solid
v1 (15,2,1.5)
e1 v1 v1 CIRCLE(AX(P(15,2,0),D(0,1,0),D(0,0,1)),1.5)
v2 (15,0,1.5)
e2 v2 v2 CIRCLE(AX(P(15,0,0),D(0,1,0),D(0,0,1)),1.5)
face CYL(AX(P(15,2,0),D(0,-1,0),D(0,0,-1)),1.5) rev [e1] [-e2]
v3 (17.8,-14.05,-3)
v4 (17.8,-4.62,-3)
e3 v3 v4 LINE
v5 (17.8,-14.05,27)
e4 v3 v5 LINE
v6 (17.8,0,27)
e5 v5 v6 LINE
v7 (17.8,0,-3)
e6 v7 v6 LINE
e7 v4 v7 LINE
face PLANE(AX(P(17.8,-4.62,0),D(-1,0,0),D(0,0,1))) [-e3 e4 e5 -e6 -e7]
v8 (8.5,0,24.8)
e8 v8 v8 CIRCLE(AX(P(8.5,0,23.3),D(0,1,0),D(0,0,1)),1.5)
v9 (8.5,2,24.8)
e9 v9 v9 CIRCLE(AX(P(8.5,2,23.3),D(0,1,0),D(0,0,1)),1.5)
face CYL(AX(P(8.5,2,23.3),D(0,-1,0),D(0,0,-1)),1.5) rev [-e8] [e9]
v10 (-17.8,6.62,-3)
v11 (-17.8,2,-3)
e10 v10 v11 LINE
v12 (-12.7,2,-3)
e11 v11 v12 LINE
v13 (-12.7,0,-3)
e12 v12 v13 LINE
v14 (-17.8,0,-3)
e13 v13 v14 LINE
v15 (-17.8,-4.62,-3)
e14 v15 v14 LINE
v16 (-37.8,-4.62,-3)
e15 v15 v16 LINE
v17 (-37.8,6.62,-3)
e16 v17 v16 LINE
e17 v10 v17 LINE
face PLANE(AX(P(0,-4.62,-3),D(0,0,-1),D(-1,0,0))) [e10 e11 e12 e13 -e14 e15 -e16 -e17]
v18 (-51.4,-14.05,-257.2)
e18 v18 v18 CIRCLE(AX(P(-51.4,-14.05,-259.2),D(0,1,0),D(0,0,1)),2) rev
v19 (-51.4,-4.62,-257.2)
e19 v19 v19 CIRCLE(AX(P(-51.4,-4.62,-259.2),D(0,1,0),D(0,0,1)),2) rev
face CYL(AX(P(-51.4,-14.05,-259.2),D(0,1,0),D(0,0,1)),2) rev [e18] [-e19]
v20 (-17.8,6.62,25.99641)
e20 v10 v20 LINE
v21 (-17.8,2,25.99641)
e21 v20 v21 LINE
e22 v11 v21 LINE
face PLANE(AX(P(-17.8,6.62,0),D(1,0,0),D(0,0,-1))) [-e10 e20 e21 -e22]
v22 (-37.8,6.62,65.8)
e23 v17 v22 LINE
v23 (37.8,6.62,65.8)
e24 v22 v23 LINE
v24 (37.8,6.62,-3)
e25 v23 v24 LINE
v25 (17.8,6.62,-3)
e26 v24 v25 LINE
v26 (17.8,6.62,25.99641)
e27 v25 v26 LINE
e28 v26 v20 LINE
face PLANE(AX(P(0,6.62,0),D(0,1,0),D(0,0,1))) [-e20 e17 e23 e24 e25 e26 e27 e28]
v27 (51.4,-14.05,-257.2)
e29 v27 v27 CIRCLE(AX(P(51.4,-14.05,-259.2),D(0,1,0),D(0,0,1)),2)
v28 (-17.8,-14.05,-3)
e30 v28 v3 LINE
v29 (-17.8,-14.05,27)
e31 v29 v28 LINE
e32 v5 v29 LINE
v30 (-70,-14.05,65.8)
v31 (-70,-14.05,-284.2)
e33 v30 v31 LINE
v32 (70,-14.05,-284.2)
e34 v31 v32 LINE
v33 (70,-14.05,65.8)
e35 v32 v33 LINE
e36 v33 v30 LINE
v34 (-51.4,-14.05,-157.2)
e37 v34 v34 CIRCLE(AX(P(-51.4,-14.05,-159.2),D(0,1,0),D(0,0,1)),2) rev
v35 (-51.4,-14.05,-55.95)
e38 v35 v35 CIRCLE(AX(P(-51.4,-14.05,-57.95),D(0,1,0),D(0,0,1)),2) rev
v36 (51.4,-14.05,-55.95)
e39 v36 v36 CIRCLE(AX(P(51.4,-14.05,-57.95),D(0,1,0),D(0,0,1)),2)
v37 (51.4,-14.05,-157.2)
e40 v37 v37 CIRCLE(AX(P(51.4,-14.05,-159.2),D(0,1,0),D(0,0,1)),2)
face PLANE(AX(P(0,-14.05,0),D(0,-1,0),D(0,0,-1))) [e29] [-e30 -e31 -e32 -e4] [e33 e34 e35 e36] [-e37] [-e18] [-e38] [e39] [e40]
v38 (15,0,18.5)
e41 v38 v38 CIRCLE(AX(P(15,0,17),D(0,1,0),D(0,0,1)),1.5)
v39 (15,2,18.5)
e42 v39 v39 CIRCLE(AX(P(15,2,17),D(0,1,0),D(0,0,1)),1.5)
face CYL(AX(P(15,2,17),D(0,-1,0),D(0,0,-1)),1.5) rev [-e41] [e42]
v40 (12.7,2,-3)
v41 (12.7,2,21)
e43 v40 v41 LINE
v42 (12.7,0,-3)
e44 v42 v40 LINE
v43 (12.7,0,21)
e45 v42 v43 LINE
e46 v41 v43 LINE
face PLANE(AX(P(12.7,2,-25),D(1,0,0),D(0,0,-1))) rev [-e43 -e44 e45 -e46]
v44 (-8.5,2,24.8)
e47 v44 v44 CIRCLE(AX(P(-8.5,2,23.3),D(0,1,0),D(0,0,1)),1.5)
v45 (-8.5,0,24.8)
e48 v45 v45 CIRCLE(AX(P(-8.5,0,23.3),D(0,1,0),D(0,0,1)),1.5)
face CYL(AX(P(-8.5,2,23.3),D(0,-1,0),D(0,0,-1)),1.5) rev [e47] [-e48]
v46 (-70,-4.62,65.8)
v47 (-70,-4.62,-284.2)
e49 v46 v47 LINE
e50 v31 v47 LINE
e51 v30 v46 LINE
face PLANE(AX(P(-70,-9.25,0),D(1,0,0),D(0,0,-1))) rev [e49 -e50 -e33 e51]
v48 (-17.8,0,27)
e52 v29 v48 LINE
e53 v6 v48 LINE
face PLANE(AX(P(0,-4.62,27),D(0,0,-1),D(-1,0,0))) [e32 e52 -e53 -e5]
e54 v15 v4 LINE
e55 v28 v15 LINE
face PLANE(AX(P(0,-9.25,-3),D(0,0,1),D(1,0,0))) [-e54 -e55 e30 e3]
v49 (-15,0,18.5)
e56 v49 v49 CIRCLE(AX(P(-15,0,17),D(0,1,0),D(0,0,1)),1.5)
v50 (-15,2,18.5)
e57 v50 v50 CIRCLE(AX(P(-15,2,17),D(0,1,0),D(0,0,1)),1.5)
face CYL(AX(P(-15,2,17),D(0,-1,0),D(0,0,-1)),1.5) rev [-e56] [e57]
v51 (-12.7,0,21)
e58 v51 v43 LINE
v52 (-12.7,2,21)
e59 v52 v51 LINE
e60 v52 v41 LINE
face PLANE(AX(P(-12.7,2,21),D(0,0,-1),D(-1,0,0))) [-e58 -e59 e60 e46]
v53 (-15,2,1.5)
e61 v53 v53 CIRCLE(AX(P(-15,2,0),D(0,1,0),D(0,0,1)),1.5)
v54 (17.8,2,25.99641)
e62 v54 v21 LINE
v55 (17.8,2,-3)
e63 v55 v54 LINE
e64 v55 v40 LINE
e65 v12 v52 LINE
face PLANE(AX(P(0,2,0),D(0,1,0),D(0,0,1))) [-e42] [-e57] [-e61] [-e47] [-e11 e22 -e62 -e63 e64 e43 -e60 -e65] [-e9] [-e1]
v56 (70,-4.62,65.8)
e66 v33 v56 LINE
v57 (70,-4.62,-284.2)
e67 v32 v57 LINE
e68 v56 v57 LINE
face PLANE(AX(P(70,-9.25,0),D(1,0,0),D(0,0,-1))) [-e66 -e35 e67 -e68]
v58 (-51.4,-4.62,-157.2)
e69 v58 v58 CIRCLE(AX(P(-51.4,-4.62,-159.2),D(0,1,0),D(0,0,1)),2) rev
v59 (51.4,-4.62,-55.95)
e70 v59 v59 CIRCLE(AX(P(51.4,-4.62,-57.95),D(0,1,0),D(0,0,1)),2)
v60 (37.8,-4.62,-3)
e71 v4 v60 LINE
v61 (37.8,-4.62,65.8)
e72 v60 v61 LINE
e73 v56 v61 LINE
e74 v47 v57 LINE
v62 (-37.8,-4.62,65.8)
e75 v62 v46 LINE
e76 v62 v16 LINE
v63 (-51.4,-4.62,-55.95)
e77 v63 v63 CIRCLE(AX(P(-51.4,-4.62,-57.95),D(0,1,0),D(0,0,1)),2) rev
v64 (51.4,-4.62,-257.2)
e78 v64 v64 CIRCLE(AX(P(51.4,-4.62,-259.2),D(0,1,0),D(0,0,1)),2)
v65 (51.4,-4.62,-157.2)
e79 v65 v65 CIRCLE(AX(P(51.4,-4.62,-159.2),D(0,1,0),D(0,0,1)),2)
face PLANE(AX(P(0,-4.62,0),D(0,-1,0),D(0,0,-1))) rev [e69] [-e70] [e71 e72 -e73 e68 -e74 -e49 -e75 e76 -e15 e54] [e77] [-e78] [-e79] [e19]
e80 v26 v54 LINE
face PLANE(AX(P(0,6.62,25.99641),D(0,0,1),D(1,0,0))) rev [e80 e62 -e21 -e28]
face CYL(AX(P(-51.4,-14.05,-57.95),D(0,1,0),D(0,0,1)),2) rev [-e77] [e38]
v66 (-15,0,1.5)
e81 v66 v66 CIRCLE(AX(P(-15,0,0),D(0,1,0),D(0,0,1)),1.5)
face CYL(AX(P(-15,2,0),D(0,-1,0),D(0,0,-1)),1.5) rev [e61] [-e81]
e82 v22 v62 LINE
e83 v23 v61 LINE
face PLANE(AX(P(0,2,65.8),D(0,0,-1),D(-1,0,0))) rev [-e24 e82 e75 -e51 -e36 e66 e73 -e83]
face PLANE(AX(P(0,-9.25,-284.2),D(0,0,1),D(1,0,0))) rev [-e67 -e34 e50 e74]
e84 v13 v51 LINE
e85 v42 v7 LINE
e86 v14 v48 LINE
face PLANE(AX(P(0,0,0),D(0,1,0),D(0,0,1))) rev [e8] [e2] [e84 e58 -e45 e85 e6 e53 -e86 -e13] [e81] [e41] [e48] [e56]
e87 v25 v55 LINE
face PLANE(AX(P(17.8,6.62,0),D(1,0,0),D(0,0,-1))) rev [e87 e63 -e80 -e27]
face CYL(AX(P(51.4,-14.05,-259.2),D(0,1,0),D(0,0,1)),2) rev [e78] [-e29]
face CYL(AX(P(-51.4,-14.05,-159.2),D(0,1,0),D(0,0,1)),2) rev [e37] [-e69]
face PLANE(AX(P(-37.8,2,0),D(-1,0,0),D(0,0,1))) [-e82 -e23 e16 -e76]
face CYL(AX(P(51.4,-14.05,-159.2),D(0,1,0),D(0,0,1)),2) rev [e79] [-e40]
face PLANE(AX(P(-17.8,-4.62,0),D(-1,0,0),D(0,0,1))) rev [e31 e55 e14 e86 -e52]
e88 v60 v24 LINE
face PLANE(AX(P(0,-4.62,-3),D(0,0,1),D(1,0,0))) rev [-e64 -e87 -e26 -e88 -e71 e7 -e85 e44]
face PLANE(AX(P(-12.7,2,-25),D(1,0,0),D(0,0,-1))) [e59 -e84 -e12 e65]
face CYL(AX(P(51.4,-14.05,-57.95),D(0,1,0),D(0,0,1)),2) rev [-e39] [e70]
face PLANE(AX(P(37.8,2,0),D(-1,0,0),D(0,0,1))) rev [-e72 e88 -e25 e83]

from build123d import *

# Parameters (mm, degrees)
SKETCH2_R            = 1.5
SKETCH2_W            = 25.4
SKETCH2_H            = 46
BOSS_EXTRUDE1_DEPTH  = 2
BOSS_EXTRUDE3_DEPTH  = 4.62
SKETCH5_5_R          = 1.5
CUT_EXTRUDE3_DEPTH   = 10
BOSS_EXTRUDE4_DEPTH  = 4.62
SKETCH8_W            = 140
SKETCH8_H            = 350
SKETCH8_W_2          = 35.6
SKETCH8_H_2          = 30
BOSS_EXTRUDE10_DEPTH = 4.63
SKETCH9_W            = 140
SKETCH9_H            = 350
SKETCH9_W_2          = 35.6
SKETCH9_H_2          = 30
BOSS_EXTRUDE11_DEPTH = 4.8
SKETCH10_R           = 2
CUT_EXTRUDE4_DEPTH   = 10.43


with BuildPart() as part:
    # Sketch2 → Boss-Extrude1 (new body)
    with BuildSketch(Plane(origin=(0, 0, 0), x_dir=(1, 0, 0), z_dir=(0, 1, 0))):
        Polygon((37.8, -65.8), (37.8, 64.2), (9.15, 64.2), (-37.8, 64.2), (-37.8, -65.8), align=None)
        with Locations((-8.5, -23.3)):
            Circle(SKETCH2_R, mode=Mode.SUBTRACT)
        with Locations((-15, -17)):
            Circle(SKETCH2_R, mode=Mode.SUBTRACT)
        with Locations((-15, 0)):
            Circle(SKETCH2_R, mode=Mode.SUBTRACT)
        with Locations((8.5, -23.3)):
            Circle(SKETCH2_R, mode=Mode.SUBTRACT)
        with Locations((15, -17)):
            Circle(SKETCH2_R, mode=Mode.SUBTRACT)
        with Locations((15, 0)):
            Circle(SKETCH2_R, mode=Mode.SUBTRACT)
        with Locations((-15, 17)):
            Circle(SKETCH2_R, mode=Mode.SUBTRACT)
        with Locations((0, 2)):
            Rectangle(SKETCH2_W, SKETCH2_H, mode=Mode.SUBTRACT)
        with Locations((15, 17)):
            Circle(SKETCH2_R, mode=Mode.SUBTRACT)
    extrude(amount=BOSS_EXTRUDE1_DEPTH)

    # Sketch5 → Boss-Extrude3 (add)
    with BuildSketch(Plane.XZ):
        Polygon((37.8, 30.8), (37.8, 65.8), (-37.8, 65.8), (-37.8, 30.8), (-37.8, -3), (-17.8, -3), (-17.8, 27), (17.8, 27), (17.8, -3), (37.8, -3), align=None)
    extrude(amount=BOSS_EXTRUDE3_DEPTH)

    # Sketch5<5> → Cut-Extrude3 (cut)
    with BuildSketch(Plane.XZ):
        Polygon((37.8, -3), (12.7, -3), (12.7, -25), (-12.7, -25), (-12.7, -3), (-37.8, -3), (-37.8, -64.2), (37.8, -64.2), align=None)
        with Locations((15, -17)):
            Circle(SKETCH5_5_R, mode=Mode.SUBTRACT)
        with Locations((-15, -17)):
            Circle(SKETCH5_5_R, mode=Mode.SUBTRACT)
    extrude(amount=-CUT_EXTRUDE3_DEPTH, mode=Mode.SUBTRACT)

    # Sketch6 → Boss-Extrude4 (add)
    with BuildSketch(Plane(origin=(0, 2, 0), x_dir=(1, 0, 0), z_dir=(0, 1, 0))):
        Polygon((-17.8, -25.996410493), (-17.8, 3), (-37.8, 3), (-37.8, -65.8), (0, -65.8), (37.8, -65.8), (37.8, 3), (17.8, 3), (17.8, -25.996410493), align=None)
    extrude(amount=BOSS_EXTRUDE4_DEPTH)

    # Sketch8 → Boss-Extrude10 (add)
    with BuildSketch(Plane.XZ.offset(4.62)):
        with Locations((0, -109.2)):
            Rectangle(SKETCH8_W, SKETCH8_H)
        with Locations((0, 12)):
            Rectangle(SKETCH8_W_2, SKETCH8_H_2, mode=Mode.SUBTRACT)
    extrude(amount=BOSS_EXTRUDE10_DEPTH)

    # Sketch9 → Boss-Extrude11 (add)
    with BuildSketch(Plane.XZ.offset(9.25)):
        with Locations((0, -109.2)):
            Rectangle(SKETCH9_W, SKETCH9_H)
        with Locations((0, 12)):
            Rectangle(SKETCH9_W_2, SKETCH9_H_2, mode=Mode.SUBTRACT)
    extrude(amount=BOSS_EXTRUDE11_DEPTH)

    # Sketch10 → Cut-Extrude4 (cut, through all)
    with BuildSketch(Plane(origin=(0, -4.62, 0), x_dir=(1, 0, 0), z_dir=(0, 1, 0))):
        with Locations((51.4, 57.95)):
            Circle(SKETCH10_R)
        with Locations((51.4, 159.2)):
            Circle(SKETCH10_R)
        with Locations((51.4, 259.2)):
            Circle(SKETCH10_R)
        with Locations((-51.4, 259.2)):
            Circle(SKETCH10_R)
        with Locations((-51.4, 57.95)):
            Circle(SKETCH10_R)
        with Locations((-51.4, 159.2)):
            Circle(SKETCH10_R)
    extrude(amount=-CUT_EXTRUDE4_DEPTH, mode=Mode.SUBTRACT)


solid = part.part
